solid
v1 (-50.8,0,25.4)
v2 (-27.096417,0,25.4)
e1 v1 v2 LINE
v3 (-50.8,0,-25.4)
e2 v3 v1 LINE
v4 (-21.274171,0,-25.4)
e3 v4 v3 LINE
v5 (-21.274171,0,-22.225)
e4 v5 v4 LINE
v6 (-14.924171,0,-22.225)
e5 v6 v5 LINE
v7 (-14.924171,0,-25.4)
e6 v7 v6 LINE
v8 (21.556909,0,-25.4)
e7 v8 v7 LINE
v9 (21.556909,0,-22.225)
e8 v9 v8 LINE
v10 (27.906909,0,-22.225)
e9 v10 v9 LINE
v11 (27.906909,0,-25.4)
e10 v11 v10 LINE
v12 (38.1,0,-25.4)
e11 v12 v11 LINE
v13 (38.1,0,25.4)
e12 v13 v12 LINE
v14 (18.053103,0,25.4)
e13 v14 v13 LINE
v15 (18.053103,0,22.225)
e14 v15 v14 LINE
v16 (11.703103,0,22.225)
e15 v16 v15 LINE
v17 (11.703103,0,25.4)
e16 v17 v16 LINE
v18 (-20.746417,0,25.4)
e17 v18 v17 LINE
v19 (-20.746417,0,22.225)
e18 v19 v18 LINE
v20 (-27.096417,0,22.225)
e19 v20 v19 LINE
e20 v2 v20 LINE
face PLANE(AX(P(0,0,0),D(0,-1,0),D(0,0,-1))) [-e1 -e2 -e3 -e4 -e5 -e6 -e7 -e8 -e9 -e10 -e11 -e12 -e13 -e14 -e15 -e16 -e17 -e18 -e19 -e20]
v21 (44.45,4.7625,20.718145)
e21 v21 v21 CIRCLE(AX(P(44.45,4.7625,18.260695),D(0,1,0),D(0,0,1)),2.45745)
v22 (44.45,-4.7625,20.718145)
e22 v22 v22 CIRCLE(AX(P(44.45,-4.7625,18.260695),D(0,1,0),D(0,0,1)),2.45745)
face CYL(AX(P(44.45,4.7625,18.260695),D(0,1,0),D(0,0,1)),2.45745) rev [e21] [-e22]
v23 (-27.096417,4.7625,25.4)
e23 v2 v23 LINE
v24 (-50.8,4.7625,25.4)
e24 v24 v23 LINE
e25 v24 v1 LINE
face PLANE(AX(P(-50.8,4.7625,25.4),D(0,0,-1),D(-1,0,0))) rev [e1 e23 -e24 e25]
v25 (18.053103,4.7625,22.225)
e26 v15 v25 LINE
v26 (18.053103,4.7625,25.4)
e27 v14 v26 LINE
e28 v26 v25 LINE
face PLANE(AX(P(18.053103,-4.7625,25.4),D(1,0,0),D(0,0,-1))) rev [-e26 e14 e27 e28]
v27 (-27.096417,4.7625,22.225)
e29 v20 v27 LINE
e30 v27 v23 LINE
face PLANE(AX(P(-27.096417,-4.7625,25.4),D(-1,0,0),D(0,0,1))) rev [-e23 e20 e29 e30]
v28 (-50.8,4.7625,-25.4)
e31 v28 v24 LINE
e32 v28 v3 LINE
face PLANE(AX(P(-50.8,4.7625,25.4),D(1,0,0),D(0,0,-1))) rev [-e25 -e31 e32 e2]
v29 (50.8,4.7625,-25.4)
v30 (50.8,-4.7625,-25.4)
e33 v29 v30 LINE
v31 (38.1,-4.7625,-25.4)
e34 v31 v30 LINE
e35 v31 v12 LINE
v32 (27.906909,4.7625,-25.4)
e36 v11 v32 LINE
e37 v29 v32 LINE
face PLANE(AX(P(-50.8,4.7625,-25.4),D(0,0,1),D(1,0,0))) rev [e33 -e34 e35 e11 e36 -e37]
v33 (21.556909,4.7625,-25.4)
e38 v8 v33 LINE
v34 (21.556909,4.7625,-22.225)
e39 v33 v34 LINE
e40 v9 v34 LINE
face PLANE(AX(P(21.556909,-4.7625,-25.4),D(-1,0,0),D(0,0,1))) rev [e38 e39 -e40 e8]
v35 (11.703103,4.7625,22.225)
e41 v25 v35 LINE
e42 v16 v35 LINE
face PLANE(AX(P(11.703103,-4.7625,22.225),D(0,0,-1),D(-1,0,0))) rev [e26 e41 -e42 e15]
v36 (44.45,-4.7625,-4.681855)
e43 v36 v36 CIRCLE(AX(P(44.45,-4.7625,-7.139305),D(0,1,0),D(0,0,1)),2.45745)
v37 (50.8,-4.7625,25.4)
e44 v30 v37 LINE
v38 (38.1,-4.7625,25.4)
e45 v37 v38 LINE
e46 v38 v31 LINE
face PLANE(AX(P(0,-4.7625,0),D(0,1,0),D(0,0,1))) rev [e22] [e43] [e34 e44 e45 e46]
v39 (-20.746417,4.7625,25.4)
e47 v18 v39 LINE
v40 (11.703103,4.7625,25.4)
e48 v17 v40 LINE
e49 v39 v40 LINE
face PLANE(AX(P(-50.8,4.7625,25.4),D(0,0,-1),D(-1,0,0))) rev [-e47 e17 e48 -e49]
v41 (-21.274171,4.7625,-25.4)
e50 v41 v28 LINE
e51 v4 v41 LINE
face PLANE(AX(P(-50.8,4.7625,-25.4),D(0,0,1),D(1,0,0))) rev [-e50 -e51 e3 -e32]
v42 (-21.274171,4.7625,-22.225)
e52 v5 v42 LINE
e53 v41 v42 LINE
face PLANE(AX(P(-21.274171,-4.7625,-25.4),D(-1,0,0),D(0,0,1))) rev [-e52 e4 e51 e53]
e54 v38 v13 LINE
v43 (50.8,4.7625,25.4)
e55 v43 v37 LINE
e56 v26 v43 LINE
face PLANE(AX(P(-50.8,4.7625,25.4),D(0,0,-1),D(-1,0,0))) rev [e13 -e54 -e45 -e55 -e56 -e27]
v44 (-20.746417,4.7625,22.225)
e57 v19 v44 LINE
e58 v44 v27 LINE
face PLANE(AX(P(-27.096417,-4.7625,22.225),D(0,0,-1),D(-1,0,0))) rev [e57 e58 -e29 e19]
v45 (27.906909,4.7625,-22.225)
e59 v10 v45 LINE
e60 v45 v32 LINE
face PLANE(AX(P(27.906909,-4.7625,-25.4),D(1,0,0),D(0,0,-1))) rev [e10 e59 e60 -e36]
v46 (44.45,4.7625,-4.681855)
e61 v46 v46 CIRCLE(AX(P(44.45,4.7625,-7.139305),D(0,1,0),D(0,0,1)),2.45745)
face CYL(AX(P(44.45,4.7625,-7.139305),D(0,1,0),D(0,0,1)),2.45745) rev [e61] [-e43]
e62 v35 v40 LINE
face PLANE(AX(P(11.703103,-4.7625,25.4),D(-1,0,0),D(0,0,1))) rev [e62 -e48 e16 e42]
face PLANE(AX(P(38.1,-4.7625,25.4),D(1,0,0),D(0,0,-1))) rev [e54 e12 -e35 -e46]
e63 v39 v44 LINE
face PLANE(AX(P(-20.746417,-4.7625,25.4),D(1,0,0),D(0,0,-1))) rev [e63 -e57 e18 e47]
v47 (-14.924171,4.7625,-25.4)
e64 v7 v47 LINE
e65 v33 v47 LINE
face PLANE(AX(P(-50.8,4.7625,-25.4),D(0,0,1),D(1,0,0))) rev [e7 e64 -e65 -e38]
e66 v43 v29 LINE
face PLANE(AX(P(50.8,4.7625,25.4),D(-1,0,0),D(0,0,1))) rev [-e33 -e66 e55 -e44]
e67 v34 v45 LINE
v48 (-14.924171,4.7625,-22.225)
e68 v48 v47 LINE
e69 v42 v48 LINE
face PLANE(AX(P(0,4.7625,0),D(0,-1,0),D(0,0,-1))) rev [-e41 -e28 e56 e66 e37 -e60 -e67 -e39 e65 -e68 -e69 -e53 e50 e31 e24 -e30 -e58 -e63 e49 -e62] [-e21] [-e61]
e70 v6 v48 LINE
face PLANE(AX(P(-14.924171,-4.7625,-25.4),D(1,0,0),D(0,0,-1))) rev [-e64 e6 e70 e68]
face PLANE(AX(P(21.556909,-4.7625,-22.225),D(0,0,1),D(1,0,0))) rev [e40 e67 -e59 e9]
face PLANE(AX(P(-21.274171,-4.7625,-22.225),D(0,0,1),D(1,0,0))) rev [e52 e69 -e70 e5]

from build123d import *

# Parameters (mm, degrees)
SKETCH1_W                    = 101.6
SKETCH1_H                    = 50.8
BOSS_EXTRUDE1_DEPTH          = 4.7625
SKETCH3_W                    = 12.7
SKETCH3_H                    = 50.8
BOSS_EXTRUDE2_DEPTH          = 4.7625
F_10_0_1935_DIAMETER_HOLE1_D = 4.9149
SKETCH9_W                    = 6.35
SKETCH9_H                    = 3.175
CUT_EXTRUDE1_DEPTH           = 58.589283942


with BuildPart() as part:
    # Sketch1 → Boss-Extrude1 (new body)
    with BuildSketch(Plane(origin=(0, 0, 0), x_dir=(1, 0, 0), z_dir=(0, 1, 0))):
        Rectangle(SKETCH1_W, SKETCH1_H)
    extrude(amount=BOSS_EXTRUDE1_DEPTH)

    # Sketch3 → Boss-Extrude2 (add)
    with BuildSketch(Plane.XZ):
        with Locations((44.45, 0)):
            Rectangle(SKETCH3_W, SKETCH3_H)
    extrude(amount=BOSS_EXTRUDE2_DEPTH)

    # #10 (0.1935) Diameter Hole1 (through all)
    with Locations(Plane(origin=(0, 4.7625, 0), x_dir=(1, 0, 0), z_dir=(0, 1, 0))):
        with Locations((44.45, 7.139305), (44.45, -18.260695)):
            Hole(F_10_0_1935_DIAMETER_HOLE1_D / 2)

    # Sketch9 → Cut-Extrude1 (cut, through all)
    with BuildSketch(Plane(origin=(0, 4.7625, 0), x_dir=(1, 0, 0), z_dir=(0, 1, 0))):
        with Locations((24.731908969, 23.8125)):
            Rectangle(SKETCH9_W, SKETCH9_H)
        with Locations((-18.099171267, 23.8125)):
            Rectangle(SKETCH9_W, SKETCH9_H)
        with Locations((-23.921416816, -23.8125)):
            Rectangle(SKETCH9_W, SKETCH9_H)
        with Locations((14.878103248, -23.8125)):
            Rectangle(SKETCH9_W, SKETCH9_H)
    extrude(amount=-CUT_EXTRUDE1_DEPTH, mode=Mode.SUBTRACT)


solid = part.part
